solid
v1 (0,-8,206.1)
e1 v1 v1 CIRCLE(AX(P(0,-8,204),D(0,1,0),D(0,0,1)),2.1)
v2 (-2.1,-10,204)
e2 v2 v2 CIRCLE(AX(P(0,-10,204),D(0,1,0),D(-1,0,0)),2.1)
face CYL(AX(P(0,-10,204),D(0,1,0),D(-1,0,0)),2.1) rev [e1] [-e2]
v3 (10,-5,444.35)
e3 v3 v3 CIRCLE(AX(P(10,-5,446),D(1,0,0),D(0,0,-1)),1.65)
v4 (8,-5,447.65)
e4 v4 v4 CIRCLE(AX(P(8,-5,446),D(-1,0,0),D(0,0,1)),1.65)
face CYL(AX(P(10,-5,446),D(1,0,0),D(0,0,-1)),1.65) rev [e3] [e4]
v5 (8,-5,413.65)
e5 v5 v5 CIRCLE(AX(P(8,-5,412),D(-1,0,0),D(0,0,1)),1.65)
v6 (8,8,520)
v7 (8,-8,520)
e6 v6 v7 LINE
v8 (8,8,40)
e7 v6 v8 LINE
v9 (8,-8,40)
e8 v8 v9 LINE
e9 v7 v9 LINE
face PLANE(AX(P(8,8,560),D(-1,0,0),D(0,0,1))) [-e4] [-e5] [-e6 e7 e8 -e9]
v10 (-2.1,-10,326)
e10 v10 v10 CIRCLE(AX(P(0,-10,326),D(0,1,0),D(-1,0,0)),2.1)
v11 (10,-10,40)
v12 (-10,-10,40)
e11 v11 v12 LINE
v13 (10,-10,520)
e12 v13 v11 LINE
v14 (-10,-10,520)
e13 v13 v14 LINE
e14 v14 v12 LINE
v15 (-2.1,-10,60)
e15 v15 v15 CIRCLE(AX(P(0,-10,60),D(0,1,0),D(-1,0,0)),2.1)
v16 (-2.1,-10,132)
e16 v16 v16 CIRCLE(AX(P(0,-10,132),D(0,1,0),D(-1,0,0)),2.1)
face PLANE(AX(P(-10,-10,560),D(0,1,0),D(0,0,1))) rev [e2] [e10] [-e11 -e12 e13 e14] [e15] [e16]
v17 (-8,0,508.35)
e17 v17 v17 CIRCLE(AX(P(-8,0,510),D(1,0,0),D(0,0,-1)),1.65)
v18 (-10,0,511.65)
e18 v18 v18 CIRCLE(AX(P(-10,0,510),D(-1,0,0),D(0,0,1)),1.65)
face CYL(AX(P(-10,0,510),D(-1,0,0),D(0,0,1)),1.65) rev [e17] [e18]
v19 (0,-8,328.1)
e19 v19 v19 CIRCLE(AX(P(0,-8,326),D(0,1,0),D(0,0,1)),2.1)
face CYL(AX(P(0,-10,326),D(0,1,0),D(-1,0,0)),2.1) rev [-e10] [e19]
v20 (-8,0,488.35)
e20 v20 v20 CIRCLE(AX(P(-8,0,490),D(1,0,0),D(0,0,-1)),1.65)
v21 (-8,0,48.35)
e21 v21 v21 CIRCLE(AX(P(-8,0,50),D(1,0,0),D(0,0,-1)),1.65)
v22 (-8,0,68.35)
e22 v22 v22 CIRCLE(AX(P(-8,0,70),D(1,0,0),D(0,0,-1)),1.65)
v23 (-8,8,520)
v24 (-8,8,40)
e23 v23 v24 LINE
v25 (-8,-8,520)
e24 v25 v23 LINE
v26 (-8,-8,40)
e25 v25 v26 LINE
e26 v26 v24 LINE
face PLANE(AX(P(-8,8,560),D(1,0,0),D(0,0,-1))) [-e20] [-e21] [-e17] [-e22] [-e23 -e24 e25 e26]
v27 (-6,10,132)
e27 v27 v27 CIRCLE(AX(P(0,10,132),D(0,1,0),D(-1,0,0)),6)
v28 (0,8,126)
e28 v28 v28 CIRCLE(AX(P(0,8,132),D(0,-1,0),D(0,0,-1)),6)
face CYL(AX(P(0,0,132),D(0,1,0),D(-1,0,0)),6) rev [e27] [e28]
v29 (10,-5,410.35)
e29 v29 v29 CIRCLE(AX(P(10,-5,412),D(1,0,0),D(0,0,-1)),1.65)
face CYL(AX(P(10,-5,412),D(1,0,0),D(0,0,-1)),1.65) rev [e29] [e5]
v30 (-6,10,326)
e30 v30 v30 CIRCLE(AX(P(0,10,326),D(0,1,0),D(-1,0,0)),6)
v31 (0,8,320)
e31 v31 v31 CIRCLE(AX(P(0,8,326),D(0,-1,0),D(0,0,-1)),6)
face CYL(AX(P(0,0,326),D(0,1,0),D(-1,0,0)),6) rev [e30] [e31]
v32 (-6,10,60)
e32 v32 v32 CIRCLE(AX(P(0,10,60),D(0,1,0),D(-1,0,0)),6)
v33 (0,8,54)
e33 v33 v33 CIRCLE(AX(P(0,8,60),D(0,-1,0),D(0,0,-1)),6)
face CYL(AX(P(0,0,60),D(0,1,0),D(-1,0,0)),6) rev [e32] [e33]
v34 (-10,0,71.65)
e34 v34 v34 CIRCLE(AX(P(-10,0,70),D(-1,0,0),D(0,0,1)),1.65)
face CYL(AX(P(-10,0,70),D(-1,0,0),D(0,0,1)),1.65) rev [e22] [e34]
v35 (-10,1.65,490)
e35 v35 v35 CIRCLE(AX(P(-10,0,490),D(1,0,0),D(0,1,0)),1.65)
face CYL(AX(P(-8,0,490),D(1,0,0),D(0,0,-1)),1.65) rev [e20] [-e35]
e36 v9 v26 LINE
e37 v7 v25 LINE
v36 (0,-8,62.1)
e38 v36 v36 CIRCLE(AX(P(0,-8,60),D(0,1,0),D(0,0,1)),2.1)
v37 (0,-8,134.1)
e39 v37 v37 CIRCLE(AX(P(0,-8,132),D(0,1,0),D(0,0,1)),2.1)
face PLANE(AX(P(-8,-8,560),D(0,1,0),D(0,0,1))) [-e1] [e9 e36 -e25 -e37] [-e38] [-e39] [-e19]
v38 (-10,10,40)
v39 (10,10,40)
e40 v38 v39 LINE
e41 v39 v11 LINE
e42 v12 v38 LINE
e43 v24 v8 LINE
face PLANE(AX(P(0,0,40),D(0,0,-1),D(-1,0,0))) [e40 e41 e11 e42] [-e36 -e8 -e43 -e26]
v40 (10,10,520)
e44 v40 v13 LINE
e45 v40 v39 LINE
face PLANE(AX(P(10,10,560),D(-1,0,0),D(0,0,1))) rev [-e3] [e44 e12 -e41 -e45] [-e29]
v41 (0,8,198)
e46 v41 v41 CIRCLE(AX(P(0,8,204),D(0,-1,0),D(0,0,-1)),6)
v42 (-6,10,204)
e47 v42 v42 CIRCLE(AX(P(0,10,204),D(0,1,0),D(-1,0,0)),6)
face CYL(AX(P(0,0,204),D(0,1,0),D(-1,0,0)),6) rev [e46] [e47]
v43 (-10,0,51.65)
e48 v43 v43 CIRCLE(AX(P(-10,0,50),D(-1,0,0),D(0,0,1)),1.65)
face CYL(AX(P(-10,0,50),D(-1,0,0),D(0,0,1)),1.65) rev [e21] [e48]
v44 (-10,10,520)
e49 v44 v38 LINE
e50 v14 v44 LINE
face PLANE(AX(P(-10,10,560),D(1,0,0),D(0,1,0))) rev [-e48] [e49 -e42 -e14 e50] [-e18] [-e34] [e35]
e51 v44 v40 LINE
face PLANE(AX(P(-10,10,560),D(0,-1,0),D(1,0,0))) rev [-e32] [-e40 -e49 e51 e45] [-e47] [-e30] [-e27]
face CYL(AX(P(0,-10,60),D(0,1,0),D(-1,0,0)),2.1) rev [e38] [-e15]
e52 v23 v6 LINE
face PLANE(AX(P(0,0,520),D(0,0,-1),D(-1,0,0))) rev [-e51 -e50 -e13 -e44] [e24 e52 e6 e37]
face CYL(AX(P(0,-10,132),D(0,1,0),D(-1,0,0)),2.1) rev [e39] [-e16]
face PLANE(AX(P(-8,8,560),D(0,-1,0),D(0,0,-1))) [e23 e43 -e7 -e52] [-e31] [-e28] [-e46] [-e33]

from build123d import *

# Parameters (mm, degrees)
SKETCH_1_W               = 20
SKETCH_1_H               = 20
SKETCH_1_W_2             = 16
SKETCH_1_H_2             = 16
EXTRUDE_1_DEPTH          = 560
SKETCH_3_R               = 2.2
CUT_EXTRUDE_2_DEPTH      = 560
SKETCH_4_R               = 2.2
CUT_EXTRUDE_3_DEPTH      = 560
SKETCH_7_W               = 41.109335544
SKETCH_7_H               = 41.63539172
CUT_EXTRUDE_7_DEPTH      = 40
SKETCH_8_W               = 53.430317452
SKETCH_8_H               = 33.679555816
CUT_EXTRUDE_8_DEPTH      = 40
SKETCH_9_R               = 1
CUT_EXTRUDE_9_DEPTH      = 10
SKETCH_10_R              = 1
CUT_EXTRUDE_10_DEPTH     = 10
SKETCH_11_R              = 2.1
CUT_EXTRUDE_11_DEPTH     = 21
SKETCH_12_R              = 6
CUT_EXTRUDE_12_DEPTH     = 10
SKETCH_15_R              = 2.1
CUT_EXTRUDE_16_DEPTH     = 21
SKETCH_16_R              = 6
CUT_EXTRUDE_17_DEPTH     = 10
M4X0_7_6_D               = 3.3
M4X0_7_6_DEPTH           = 11.5
M4X0_7_6_TIP             = 0.991420021
M4X0_7_7_D               = 3.3
M4X0_7_7_DEPTH           = 11.5
M4X0_7_7_TIP             = 0.991420021
M4X0_7_7_ON_FACE_2_D     = 3.3
M4X0_7_7_ON_FACE_2_DEPTH = 11.5
M4X0_7_7_ON_FACE_2_TIP   = 0.991420021
SKETCH_26_R              = 1
CUT_EXTRUDE_18_DEPTH     = 10
M4X0_7_9_D               = 3.3
M4X0_7_9_DEPTH           = 11.5
M4X0_7_9_TIP             = 0.991420021


with BuildPart() as part:
    # ｽｹｯﾁ1 → ﾎﾞｽ - 押し出し1 (new body)
    with BuildSketch(Plane.XY):
        Rectangle(SKETCH_1_W, SKETCH_1_H)
        Rectangle(SKETCH_1_W_2, SKETCH_1_H_2, mode=Mode.SUBTRACT)
    extrude(amount=EXTRUDE_1_DEPTH)

    # ｽｹｯﾁ3 → ｶｯﾄ - 押し出し2 (cut)
    with BuildSketch(Plane(origin=(10, 0, 0), x_dir=(0, 0, -1), z_dir=(1, 0, 0))):
        with Locations((-530, 0)):
            Circle(SKETCH_3_R)
        with Locations((-30, 0)):
            Circle(SKETCH_3_R)
    extrude(amount=-CUT_EXTRUDE_2_DEPTH, mode=Mode.SUBTRACT)

    # ｽｹｯﾁ4 → ｶｯﾄ - 押し出し3 (cut)
    with BuildSketch(Plane(origin=(0, 10, 0), x_dir=(1, 0, 0), z_dir=(0, 1, 0))):
        with Locations((0, -550)):
            Circle(SKETCH_4_R)
        with Locations((0, -10)):
            Circle(SKETCH_4_R)
    extrude(amount=-CUT_EXTRUDE_3_DEPTH, mode=Mode.SUBTRACT)

    # ｽｹｯﾁ7 → ｶｯﾄ - 押し出し7 (cut)
    with BuildSketch(Plane(origin=(0, 0, 0), x_dir=(-1, 0, 0), z_dir=(0, 0, -1))):
        Rectangle(SKETCH_7_W, SKETCH_7_H)
    extrude(amount=-CUT_EXTRUDE_7_DEPTH, mode=Mode.SUBTRACT)

    # ｽｹｯﾁ8 → ｶｯﾄ - 押し出し8 (cut)
    with BuildSketch(Plane.XY.offset(560)):
        Rectangle(SKETCH_8_W, SKETCH_8_H)
    extrude(amount=-CUT_EXTRUDE_8_DEPTH, mode=Mode.SUBTRACT)

    # ｽｹｯﾁ9 → ｶｯﾄ - 押し出し9 (cut)
    with BuildSketch(Plane.ZY.offset(10)):
        with Locations((510, 0)):
            Circle(SKETCH_9_R)
        with Locations((490, 0)):
            Circle(SKETCH_9_R)
    extrude(amount=-CUT_EXTRUDE_9_DEPTH, mode=Mode.SUBTRACT)

    # ｽｹｯﾁ10 → ｶｯﾄ - 押し出し10 (cut)
    with BuildSketch(Plane.ZY.offset(10)):
        with Locations((50, 0)):
            Circle(SKETCH_10_R)
        with Locations((70, 0)):
            Circle(SKETCH_10_R)
    extrude(amount=-CUT_EXTRUDE_10_DEPTH, mode=Mode.SUBTRACT)

    # ｽｹｯﾁ11 → ｶｯﾄ - 押し出し11 (cut, through all)
    with BuildSketch(Plane(origin=(0, 10, 0), x_dir=(1, 0, 0), z_dir=(0, 1, 0))):
        with Locations((0, -60)):
            Circle(SKETCH_11_R)
        with Locations((0, -132)):
            Circle(SKETCH_11_R)
        with Locations((0, -204)):
            Circle(SKETCH_11_R)
    extrude(amount=-CUT_EXTRUDE_11_DEPTH, mode=Mode.SUBTRACT)

    # ｽｹｯﾁ12 → ｶｯﾄ - 押し出し12 (cut)
    with BuildSketch(Plane(origin=(0, 10, 0), x_dir=(1, 0, 0), z_dir=(0, 1, 0))):
        with Locations((0, -60)):
            Circle(SKETCH_12_R)
        with Locations((0, -132)):
            Circle(SKETCH_12_R)
        with Locations((0, -204)):
            Circle(SKETCH_12_R)
    extrude(amount=-CUT_EXTRUDE_12_DEPTH, mode=Mode.SUBTRACT)

    # ｽｹｯﾁ15 → ｶｯﾄ - 押し出し16 (cut, through all)
    with BuildSketch(Plane(origin=(0, 10, 0), x_dir=(1, 0, 0), z_dir=(0, 1, 0))):
        with Locations((0, -326)):
            Circle(SKETCH_15_R)
    extrude(amount=-CUT_EXTRUDE_16_DEPTH, mode=Mode.SUBTRACT)

    # ｽｹｯﾁ16 → ｶｯﾄ - 押し出し17 (cut)
    with BuildSketch(Plane(origin=(0, 10, 0), x_dir=(1, 0, 0), z_dir=(0, 1, 0))):
        with Locations((0, -326)):
            Circle(SKETCH_16_R)
    extrude(amount=-CUT_EXTRUDE_17_DEPTH, mode=Mode.SUBTRACT)

    # M4x0.7 ねじ穴6
    with Locations(Plane(origin=(-10, 0, 70), x_dir=(0, -1, 0), z_dir=(-1, 0, 0))):
        with Locations((0, 0), (0, -20)):
            Hole(M4X0_7_6_D / 2, depth=M4X0_7_6_DEPTH)
            with Locations((0, 0, -(M4X0_7_6_DEPTH + M4X0_7_6_TIP / 2))):  # 118° drill point
                Cone(0, M4X0_7_6_D / 2, M4X0_7_6_TIP, mode=Mode.SUBTRACT)

    # M4x0.7 ねじ穴7
    with Locations(Plane(origin=(-8, 0, 490), x_dir=(0, 0, 1), z_dir=(1, 0, 0))):
        with Locations((0, 0)):
            Hole(M4X0_7_7_D / 2, depth=M4X0_7_7_DEPTH)
            with Locations((0, 0, -(M4X0_7_7_DEPTH + M4X0_7_7_TIP / 2))):  # 118° drill point
                Cone(0, M4X0_7_7_D / 2, M4X0_7_7_TIP, mode=Mode.SUBTRACT)

    # M4x0.7 ねじ穴7 on face 2
    with Locations(Plane(origin=(-10, 0, 510), x_dir=(0, 0, 1), z_dir=(1, 0, 0))):
        with Locations((0, 0)):
            Hole(M4X0_7_7_ON_FACE_2_D / 2, depth=M4X0_7_7_ON_FACE_2_DEPTH)
            with Locations((0, 0, -(M4X0_7_7_ON_FACE_2_DEPTH + M4X0_7_7_ON_FACE_2_TIP / 2))):  # 118° drill point
                Cone(0, M4X0_7_7_ON_FACE_2_D / 2, M4X0_7_7_ON_FACE_2_TIP, mode=Mode.SUBTRACT)

    # ｽｹｯﾁ26 → ｶｯﾄ - 押し出し18 (cut)
    with BuildSketch(Plane(origin=(10, 0, 0), x_dir=(0, 0, -1), z_dir=(1, 0, 0))):
        with Locations((-446, -5)):
            Circle(SKETCH_26_R)
        with Locations((-412, -5)):
            Circle(SKETCH_26_R)
    extrude(amount=-CUT_EXTRUDE_18_DEPTH, mode=Mode.SUBTRACT)

    # M4x0.7 ねじ穴9
    with Locations(Plane(origin=(10, -5, 446), x_dir=(0, 0, 1), z_dir=(1, 0, 0))):
        with Locations((0, 0), (-34, 0)):
            Hole(M4X0_7_9_D / 2, depth=M4X0_7_9_DEPTH)
            with Locations((0, 0, -(M4X0_7_9_DEPTH + M4X0_7_9_TIP / 2))):  # 118° drill point
                Cone(0, M4X0_7_9_D / 2, M4X0_7_9_TIP, mode=Mode.SUBTRACT)


solid = part.part
